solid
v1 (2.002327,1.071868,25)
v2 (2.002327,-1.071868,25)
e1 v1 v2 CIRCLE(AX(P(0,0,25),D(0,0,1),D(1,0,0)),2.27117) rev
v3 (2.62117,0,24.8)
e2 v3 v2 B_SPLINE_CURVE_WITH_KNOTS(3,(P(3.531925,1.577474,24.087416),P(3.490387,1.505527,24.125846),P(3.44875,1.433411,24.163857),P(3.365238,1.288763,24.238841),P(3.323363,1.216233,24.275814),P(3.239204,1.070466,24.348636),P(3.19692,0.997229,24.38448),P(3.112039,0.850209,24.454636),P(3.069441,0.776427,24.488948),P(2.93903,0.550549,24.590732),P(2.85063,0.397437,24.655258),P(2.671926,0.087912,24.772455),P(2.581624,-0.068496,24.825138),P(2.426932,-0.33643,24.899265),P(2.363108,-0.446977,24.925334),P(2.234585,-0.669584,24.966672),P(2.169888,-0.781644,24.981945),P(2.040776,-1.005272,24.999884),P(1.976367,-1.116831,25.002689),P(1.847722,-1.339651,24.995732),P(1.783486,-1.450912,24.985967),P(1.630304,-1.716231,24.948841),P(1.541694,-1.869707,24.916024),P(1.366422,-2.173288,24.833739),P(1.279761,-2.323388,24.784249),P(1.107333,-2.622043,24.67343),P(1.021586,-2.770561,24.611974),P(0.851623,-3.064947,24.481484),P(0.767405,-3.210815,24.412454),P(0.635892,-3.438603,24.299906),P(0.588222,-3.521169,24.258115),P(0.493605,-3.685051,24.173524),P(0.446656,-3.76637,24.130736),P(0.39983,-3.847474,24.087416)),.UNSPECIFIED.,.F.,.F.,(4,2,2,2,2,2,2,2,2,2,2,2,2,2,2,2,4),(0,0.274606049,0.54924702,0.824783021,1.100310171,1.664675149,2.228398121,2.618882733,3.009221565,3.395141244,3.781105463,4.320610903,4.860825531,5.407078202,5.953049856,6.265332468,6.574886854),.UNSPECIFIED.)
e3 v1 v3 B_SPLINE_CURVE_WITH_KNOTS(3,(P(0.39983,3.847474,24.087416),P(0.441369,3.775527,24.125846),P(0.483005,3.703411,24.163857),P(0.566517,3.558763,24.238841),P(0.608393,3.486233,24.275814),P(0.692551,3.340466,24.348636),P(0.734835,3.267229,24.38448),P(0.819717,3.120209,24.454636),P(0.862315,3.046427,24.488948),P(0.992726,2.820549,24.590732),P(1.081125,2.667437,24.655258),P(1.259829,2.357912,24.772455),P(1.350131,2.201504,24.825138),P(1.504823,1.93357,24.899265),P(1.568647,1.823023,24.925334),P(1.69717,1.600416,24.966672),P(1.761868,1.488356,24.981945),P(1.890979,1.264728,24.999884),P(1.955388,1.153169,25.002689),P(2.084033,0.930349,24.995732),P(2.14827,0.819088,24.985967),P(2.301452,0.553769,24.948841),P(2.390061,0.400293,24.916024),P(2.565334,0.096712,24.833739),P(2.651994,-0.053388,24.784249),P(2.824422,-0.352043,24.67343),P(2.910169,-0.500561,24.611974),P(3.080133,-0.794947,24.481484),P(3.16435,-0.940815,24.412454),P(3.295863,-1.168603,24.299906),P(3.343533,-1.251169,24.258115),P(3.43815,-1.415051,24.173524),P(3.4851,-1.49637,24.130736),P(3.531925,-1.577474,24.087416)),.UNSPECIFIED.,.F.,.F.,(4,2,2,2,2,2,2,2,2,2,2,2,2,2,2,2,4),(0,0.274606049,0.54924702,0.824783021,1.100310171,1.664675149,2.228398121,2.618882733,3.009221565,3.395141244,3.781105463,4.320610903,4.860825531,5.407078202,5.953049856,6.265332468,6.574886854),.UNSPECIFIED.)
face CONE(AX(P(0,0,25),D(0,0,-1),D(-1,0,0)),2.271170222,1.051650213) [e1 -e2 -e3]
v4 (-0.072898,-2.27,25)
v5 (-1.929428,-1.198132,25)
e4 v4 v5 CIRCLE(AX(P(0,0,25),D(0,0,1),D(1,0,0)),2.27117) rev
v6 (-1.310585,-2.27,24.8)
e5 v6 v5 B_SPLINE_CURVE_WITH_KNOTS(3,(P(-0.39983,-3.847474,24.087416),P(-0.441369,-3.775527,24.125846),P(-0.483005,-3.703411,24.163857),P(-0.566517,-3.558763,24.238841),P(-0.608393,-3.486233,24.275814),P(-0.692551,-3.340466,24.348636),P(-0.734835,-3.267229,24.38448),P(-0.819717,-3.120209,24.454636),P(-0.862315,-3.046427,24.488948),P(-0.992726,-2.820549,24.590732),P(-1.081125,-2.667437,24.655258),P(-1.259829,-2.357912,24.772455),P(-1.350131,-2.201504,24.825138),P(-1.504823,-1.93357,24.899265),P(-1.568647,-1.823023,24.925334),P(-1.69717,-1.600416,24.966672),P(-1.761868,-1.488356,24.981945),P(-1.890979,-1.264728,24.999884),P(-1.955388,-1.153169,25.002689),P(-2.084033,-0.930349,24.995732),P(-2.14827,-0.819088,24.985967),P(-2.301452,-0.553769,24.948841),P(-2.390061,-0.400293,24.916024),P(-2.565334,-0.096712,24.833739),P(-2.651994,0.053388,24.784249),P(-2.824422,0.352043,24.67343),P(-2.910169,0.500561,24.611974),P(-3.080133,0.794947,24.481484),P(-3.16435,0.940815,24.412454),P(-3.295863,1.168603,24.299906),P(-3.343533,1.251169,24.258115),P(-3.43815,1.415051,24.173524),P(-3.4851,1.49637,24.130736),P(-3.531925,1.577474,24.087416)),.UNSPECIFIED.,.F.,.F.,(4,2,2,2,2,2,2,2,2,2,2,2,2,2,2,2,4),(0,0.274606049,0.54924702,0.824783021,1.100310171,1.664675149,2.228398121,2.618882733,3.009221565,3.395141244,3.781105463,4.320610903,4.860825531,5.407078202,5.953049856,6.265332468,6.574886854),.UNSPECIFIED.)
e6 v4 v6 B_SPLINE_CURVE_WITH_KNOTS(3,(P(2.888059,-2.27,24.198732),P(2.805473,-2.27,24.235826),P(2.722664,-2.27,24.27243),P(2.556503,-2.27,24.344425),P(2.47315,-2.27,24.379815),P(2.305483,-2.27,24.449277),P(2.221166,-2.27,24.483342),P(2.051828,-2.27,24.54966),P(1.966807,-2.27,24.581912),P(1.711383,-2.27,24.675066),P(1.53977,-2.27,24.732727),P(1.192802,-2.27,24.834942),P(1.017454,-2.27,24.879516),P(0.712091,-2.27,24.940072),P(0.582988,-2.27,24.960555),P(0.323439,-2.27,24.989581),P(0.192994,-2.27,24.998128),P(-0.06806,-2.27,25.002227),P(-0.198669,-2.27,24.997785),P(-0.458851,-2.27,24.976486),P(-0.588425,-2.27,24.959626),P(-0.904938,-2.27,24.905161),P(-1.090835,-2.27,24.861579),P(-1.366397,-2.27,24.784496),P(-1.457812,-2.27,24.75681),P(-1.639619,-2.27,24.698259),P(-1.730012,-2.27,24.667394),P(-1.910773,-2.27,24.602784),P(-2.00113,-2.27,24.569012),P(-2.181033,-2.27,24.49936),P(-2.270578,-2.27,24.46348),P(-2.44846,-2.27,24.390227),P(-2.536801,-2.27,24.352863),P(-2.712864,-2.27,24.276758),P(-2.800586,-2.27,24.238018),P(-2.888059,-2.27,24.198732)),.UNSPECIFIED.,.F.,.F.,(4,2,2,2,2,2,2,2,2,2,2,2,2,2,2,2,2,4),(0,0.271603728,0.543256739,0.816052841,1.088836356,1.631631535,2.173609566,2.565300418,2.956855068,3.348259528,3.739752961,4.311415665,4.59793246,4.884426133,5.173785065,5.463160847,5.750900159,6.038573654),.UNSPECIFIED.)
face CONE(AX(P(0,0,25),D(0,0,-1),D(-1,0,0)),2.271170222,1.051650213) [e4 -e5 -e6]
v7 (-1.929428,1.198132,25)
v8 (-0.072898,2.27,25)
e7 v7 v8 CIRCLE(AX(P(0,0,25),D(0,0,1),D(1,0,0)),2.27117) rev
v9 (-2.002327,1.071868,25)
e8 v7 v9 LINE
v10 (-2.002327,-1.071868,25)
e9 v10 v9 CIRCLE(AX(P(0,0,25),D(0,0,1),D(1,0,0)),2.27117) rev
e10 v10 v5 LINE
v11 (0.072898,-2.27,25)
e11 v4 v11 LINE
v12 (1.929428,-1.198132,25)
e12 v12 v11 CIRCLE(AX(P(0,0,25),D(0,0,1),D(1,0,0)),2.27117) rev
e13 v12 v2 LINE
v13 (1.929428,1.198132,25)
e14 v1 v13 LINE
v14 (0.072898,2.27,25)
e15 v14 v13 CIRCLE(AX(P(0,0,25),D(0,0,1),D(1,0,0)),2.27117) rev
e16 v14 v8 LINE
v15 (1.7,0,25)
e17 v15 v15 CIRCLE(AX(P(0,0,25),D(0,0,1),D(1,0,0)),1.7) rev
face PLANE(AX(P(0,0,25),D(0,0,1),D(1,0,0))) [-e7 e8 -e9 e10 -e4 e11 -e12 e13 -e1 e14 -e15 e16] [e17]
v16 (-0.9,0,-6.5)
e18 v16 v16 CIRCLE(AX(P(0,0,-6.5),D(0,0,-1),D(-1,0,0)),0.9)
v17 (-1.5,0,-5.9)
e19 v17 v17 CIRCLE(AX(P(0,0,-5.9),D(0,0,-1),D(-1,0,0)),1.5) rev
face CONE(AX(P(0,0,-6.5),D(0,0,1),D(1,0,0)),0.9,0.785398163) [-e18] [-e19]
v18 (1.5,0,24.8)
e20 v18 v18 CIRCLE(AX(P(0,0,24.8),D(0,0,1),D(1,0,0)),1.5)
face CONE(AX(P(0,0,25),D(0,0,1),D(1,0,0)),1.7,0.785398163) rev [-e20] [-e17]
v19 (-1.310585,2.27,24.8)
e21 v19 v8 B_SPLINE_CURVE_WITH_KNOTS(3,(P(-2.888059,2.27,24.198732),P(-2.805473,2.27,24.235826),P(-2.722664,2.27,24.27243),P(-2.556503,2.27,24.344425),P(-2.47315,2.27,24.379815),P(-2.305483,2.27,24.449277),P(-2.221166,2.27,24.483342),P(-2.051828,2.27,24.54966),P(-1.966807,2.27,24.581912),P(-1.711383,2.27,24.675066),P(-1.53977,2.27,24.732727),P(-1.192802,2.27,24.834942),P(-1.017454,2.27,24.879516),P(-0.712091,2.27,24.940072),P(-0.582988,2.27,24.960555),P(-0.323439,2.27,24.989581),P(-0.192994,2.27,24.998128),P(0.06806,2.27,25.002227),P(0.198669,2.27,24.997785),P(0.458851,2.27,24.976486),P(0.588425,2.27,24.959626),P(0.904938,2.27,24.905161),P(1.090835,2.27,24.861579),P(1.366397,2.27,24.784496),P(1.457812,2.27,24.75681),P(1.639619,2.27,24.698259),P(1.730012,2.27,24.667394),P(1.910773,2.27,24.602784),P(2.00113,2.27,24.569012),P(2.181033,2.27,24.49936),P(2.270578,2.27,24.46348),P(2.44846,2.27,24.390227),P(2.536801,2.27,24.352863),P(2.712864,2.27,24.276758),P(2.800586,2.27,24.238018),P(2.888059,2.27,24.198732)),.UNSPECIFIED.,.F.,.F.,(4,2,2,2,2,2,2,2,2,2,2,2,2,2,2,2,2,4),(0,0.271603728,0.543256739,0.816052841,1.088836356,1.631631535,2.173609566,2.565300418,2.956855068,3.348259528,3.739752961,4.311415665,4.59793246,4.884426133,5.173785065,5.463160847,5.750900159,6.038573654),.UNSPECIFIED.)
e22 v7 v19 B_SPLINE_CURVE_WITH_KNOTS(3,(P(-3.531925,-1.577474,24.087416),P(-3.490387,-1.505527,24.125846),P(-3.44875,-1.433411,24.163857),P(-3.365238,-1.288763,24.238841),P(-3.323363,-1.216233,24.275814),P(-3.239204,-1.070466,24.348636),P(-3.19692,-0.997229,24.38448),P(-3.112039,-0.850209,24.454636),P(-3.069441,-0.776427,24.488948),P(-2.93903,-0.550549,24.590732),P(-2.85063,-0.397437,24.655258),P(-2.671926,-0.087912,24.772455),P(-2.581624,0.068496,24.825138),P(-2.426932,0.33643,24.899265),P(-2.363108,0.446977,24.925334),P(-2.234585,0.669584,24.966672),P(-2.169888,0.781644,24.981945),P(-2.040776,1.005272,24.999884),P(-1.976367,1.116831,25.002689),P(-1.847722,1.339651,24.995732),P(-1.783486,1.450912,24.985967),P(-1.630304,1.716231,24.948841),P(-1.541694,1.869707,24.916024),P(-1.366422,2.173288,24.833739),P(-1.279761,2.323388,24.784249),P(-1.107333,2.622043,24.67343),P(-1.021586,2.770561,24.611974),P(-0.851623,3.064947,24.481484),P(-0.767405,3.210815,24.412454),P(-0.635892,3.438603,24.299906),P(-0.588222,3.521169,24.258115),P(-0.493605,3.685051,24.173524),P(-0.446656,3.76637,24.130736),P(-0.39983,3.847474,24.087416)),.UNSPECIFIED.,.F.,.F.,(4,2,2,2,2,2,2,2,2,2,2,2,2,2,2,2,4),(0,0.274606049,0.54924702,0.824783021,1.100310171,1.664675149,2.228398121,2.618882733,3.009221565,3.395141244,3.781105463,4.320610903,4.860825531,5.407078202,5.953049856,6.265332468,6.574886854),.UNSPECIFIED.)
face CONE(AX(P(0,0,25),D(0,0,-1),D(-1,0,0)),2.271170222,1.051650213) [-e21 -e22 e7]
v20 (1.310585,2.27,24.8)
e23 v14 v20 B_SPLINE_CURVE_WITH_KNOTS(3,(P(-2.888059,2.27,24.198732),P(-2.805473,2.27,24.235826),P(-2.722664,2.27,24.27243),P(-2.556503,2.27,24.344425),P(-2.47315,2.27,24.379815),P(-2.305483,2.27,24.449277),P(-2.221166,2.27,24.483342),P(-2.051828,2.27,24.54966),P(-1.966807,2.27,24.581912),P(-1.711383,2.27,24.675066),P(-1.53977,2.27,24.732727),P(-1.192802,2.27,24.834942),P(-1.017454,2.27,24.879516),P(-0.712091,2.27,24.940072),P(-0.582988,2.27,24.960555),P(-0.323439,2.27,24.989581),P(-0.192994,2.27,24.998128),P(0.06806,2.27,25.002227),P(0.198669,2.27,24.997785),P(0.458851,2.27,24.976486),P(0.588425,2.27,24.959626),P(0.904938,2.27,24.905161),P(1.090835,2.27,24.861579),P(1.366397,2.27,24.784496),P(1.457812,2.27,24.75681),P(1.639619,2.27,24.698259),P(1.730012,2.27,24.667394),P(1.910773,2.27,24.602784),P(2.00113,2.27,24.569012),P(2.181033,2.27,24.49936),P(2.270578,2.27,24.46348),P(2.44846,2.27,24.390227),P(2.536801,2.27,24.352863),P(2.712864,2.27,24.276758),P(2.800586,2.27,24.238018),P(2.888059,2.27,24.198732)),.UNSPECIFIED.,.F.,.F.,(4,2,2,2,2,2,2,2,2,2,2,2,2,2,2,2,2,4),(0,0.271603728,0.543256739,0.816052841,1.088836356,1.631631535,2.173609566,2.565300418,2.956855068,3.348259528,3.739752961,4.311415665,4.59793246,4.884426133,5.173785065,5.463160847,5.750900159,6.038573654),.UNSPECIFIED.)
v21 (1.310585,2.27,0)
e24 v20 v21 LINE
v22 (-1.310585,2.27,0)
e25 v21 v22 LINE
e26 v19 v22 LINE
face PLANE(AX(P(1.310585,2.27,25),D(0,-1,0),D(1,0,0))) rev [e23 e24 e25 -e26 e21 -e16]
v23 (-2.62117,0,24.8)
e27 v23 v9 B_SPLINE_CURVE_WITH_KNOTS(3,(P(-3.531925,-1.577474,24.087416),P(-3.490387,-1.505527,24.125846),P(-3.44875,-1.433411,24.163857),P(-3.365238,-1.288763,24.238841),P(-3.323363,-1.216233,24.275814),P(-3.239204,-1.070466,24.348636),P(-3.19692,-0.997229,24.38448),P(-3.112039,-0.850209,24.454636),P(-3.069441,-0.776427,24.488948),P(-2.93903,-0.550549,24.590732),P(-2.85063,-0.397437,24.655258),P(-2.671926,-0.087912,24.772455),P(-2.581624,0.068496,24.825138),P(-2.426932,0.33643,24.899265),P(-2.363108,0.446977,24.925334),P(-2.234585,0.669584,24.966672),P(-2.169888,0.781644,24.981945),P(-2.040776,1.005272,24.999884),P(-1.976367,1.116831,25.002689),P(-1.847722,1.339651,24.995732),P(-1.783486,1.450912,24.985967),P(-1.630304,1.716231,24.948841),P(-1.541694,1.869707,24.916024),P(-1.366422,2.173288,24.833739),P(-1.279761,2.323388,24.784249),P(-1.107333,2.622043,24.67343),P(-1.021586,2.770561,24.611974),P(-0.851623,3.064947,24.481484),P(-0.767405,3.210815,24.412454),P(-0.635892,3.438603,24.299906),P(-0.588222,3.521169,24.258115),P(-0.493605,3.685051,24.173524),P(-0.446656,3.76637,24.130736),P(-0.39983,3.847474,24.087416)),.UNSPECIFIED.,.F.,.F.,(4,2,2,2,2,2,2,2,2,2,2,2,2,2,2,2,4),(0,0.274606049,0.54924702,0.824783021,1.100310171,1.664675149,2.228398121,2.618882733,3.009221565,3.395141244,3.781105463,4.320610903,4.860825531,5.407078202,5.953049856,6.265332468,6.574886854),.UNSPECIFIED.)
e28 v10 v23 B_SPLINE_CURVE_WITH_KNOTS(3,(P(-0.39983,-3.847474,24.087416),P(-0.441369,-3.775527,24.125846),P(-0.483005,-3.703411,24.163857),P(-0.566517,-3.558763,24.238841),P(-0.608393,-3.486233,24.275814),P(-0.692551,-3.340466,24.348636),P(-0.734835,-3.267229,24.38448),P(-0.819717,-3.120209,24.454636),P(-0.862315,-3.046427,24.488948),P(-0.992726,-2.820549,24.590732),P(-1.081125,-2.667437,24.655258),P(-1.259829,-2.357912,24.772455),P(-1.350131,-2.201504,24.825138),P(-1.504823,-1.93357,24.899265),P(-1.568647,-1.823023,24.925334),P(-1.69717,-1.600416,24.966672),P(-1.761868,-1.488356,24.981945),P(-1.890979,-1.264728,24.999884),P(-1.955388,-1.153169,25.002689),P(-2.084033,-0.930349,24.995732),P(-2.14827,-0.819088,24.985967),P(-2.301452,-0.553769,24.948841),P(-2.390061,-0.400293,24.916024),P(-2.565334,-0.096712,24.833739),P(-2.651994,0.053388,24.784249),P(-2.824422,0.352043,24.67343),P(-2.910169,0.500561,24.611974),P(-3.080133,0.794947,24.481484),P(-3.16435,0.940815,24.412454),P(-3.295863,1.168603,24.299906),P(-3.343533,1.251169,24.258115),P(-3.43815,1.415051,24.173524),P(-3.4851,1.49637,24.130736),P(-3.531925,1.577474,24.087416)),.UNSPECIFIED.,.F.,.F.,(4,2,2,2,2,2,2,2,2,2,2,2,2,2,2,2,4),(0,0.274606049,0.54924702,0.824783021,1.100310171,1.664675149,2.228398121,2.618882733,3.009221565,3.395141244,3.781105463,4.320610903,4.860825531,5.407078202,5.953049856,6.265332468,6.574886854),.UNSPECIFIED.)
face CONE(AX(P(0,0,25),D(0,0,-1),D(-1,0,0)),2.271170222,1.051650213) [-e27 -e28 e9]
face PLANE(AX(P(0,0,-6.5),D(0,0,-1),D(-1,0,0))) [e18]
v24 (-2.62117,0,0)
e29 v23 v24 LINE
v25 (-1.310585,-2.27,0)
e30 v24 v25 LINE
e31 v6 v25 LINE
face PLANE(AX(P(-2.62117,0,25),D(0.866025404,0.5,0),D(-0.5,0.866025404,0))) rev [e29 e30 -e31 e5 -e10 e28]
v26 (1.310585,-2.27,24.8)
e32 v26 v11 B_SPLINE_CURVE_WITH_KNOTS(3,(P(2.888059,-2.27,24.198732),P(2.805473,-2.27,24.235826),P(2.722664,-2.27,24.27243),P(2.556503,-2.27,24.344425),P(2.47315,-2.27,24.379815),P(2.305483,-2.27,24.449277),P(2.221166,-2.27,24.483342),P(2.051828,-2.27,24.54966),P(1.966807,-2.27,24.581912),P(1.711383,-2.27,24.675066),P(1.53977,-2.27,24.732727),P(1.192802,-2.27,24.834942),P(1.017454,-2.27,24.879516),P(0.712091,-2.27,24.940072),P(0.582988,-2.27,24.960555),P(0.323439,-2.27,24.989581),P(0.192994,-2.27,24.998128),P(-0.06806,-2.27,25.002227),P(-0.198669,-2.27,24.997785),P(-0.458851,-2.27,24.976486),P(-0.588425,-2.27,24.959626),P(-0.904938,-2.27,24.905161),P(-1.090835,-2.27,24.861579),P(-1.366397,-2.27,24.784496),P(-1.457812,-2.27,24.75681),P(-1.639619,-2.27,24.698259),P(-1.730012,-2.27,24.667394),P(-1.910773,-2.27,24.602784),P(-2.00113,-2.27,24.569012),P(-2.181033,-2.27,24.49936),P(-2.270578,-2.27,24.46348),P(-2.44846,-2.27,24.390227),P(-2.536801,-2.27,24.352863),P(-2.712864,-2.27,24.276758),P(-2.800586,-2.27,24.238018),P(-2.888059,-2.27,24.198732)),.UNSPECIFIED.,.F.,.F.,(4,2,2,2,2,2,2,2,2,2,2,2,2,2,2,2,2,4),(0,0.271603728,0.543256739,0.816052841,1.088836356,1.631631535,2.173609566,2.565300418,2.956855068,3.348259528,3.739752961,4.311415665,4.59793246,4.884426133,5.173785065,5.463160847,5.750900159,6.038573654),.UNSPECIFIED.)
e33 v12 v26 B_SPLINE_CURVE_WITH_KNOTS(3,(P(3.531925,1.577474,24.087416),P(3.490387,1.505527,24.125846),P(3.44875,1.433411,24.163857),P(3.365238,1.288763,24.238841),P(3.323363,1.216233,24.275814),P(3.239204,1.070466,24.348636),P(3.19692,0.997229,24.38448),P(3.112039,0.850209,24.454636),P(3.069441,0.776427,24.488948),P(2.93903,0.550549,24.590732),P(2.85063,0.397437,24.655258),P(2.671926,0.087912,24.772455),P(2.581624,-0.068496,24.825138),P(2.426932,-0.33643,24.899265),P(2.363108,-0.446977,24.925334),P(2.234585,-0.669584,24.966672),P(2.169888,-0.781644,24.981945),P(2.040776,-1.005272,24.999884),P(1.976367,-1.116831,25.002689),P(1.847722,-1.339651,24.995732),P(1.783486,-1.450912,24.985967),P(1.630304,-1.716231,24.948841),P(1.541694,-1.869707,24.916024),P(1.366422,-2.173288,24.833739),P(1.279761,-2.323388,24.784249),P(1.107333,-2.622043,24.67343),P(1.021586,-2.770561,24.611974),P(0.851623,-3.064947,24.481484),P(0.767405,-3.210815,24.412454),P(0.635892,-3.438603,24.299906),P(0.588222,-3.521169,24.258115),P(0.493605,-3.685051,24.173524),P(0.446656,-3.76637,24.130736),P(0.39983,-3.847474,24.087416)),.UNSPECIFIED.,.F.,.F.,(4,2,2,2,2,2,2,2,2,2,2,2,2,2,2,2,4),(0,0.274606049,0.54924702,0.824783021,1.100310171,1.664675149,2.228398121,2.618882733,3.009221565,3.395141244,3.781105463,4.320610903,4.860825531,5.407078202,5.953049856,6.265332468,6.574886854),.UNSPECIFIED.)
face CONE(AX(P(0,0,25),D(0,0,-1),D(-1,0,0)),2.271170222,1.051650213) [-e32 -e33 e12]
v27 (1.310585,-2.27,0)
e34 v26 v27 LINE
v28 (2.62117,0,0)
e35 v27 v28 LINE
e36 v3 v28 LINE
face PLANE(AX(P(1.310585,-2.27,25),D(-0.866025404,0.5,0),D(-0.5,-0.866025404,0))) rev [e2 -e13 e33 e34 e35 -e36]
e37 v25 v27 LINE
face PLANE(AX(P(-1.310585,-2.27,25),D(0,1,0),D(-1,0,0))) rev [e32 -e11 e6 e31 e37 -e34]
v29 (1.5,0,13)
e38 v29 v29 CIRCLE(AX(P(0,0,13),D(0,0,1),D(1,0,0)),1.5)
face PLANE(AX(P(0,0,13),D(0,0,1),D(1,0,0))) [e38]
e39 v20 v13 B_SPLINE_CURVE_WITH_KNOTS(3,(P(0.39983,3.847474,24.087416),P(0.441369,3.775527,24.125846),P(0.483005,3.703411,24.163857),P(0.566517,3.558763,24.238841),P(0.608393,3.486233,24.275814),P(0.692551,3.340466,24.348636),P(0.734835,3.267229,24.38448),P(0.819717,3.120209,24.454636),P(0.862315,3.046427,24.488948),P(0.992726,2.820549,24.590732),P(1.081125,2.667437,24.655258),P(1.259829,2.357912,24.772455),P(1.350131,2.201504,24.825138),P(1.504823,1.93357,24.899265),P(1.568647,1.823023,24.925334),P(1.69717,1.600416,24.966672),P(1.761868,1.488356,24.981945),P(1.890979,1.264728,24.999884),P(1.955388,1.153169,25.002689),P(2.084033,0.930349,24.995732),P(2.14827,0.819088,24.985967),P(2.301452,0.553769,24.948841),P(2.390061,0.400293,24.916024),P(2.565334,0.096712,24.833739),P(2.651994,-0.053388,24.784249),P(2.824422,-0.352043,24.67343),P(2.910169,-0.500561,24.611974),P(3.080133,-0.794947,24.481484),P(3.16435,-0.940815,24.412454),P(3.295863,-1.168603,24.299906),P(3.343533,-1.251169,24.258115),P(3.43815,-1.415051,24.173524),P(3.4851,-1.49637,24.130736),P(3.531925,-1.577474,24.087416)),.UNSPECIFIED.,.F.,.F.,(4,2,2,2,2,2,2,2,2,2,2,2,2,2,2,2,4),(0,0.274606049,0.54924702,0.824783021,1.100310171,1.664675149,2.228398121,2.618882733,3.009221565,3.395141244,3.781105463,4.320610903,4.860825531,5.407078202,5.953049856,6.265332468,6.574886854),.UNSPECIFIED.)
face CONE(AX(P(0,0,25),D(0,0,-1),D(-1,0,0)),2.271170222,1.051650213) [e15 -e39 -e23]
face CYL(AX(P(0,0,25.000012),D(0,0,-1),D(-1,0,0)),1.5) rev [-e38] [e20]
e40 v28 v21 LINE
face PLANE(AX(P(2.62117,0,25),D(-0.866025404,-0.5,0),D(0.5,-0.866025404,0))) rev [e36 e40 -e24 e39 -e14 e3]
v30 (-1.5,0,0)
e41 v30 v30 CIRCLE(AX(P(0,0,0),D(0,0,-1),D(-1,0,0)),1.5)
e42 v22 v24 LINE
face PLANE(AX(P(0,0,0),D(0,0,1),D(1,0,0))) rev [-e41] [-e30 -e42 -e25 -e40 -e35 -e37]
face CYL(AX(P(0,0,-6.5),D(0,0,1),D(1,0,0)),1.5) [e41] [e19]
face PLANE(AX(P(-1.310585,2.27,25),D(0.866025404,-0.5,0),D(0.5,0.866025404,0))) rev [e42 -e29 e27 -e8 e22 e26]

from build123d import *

# Parameters (mm, degrees)
BOSS_EXTRUDE1_DEPTH     = 25
SKETCH2_R               = 1.5
CUT_EXTRUDE1_DEPTH      = 1
CUT_EXTRUDE1_DEPTH_BACK = 12
CHAMFER1_SIZE           = 0.2
SKETCH4_R               = 1.5
BOSS_EXTRUDE2_DEPTH     = 6.5
CHAMFER2_SIZE           = 0.6


with BuildPart() as part:
    # Sketch1 → Boss-Extrude1 (new body)
    with BuildSketch(Plane.XY):
        Polygon((2.621170222, 0), (1.310585111, 2.27), (-1.310585111, 2.27), (-2.621170222, 0), (-1.310585111, -2.27), (1.310585111, -2.27), align=None)
    extrude(amount=BOSS_EXTRUDE1_DEPTH)

    # Sketch2 → Cut-Extrude1 (cut, two sides)
    with BuildSketch(Plane.XY.offset(25)) as cut_extrude1_sk:
        Circle(SKETCH2_R)
    extrude(amount=CUT_EXTRUDE1_DEPTH, mode=Mode.SUBTRACT)
    extrude(cut_extrude1_sk.sketch, amount=-CUT_EXTRUDE1_DEPTH_BACK, mode=Mode.SUBTRACT)

    # Sketch3 → Cut-Revolve1 (revolve, cut)
    with BuildSketch(Plane(origin=(0, 0, 0), x_dir=(1, 0, 0), z_dir=(0, 1, 0))):
        Polygon((-2.621170222, -25), (-2.271170222, -25), (-2.621170222, -24.8), align=None)
    revolve(axis=Axis((0, 0, 13), (0, 0, 1)), mode=Mode.SUBTRACT)

    # Chamfer1
    chamfer1_edges = [part.edges().sort_by_distance(p)[0] for p in [
        (-1.5, 0, 25),
    ]]
    chamfer(chamfer1_edges, length=CHAMFER1_SIZE)

    # Sketch4 → Boss-Extrude2 (add)
    with BuildSketch(Plane(origin=(0, 0, 0), x_dir=(-1, 0, 0), z_dir=(0, 0, -1))):
        Circle(SKETCH4_R)
    extrude(amount=BOSS_EXTRUDE2_DEPTH)

    # Chamfer2
    chamfer2_edges = [part.edges().sort_by_distance(p)[0] for p in [
        (1.5, 0, -6.5),
    ]]
    chamfer(chamfer2_edges, length=CHAMFER2_SIZE)


solid = part.part
